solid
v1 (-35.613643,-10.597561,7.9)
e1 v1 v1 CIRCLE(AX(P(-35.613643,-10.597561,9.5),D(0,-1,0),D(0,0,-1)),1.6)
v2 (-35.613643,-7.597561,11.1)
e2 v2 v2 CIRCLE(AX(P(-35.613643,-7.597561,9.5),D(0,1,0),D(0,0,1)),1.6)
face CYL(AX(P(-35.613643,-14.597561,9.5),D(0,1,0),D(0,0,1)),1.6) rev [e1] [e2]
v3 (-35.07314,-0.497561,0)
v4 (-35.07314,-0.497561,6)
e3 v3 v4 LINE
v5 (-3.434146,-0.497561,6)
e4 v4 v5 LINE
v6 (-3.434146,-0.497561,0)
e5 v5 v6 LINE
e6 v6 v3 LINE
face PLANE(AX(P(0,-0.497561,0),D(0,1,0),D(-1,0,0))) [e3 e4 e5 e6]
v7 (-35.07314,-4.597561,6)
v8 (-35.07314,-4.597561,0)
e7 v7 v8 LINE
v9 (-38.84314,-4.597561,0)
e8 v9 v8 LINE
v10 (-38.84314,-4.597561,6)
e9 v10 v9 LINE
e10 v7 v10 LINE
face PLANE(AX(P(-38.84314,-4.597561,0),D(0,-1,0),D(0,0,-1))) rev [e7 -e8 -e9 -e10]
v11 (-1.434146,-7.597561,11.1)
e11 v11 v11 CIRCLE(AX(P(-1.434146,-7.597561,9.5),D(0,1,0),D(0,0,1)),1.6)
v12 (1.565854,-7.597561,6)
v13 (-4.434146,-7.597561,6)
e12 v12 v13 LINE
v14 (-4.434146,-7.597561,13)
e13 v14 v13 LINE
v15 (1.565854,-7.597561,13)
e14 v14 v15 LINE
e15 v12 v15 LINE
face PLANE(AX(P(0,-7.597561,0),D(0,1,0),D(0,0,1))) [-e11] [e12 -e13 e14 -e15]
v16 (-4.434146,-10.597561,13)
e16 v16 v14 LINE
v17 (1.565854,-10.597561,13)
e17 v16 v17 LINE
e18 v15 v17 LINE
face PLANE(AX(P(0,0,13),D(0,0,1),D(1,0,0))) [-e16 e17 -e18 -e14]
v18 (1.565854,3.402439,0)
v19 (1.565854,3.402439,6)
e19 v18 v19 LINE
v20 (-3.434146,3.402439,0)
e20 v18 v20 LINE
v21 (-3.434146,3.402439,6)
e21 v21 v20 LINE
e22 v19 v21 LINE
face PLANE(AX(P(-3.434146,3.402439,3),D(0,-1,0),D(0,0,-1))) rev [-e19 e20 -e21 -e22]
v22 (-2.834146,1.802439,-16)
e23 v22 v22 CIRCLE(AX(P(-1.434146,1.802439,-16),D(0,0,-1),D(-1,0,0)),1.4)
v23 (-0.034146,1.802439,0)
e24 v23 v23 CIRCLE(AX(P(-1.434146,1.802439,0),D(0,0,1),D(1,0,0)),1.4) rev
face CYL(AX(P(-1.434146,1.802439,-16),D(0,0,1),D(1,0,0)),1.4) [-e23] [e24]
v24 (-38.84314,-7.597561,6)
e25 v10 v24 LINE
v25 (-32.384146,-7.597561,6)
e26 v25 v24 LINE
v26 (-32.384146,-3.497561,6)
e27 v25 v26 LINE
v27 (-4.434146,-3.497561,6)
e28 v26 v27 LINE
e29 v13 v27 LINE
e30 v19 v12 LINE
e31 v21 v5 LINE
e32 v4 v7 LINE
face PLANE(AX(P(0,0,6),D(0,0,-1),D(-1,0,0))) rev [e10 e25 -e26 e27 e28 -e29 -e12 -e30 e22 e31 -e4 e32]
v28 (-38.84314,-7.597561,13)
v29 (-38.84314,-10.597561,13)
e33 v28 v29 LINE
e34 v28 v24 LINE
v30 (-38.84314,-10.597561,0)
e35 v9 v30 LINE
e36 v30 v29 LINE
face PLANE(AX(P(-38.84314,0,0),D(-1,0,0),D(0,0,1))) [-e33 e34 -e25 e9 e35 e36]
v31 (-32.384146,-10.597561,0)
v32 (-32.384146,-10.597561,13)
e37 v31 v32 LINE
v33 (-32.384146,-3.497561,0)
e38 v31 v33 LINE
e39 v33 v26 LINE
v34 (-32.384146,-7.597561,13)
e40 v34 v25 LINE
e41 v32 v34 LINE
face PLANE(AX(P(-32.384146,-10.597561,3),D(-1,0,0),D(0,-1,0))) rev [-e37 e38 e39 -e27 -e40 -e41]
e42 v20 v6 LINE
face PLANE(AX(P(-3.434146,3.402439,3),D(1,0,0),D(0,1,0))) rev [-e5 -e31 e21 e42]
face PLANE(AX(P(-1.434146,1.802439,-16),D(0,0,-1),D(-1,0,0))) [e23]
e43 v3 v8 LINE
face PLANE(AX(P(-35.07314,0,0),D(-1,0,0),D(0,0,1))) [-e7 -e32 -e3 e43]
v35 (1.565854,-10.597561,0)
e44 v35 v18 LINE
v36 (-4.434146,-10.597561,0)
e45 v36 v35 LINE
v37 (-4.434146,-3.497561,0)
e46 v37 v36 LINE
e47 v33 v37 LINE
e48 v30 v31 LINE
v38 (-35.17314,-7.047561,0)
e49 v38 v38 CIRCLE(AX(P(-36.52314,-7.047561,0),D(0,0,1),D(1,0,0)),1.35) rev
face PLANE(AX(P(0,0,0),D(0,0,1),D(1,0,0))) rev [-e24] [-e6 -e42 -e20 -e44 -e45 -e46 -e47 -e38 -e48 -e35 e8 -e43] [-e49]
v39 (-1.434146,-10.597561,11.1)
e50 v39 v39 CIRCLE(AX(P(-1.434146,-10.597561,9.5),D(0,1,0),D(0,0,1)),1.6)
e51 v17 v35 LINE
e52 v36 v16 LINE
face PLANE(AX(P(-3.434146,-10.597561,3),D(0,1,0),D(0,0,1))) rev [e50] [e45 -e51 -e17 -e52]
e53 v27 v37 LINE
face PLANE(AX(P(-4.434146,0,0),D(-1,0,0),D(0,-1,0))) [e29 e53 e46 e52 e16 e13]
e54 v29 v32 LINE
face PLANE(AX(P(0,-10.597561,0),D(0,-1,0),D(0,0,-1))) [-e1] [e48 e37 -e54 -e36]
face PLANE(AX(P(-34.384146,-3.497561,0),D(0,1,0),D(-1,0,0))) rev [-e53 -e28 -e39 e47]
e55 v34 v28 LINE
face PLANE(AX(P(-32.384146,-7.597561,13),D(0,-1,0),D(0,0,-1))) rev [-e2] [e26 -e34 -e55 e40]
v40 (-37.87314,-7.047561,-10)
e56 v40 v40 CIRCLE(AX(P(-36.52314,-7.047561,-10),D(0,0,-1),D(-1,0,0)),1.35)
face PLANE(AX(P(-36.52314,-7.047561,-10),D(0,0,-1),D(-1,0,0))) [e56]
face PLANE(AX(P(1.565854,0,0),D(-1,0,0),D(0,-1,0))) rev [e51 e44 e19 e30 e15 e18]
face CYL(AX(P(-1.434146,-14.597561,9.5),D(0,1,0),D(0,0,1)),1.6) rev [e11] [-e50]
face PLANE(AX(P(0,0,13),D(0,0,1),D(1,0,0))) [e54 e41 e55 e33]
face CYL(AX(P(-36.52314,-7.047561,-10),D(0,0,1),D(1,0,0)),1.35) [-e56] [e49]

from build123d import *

# Parameters (mm, degrees)
SKETCH1_W            = 4
SKETCH1_H            = 14
BOSS_EXTRUDE1_DEPTH  = 3
SKETCH2_R            = 1.4
BOSS_EXTRUDE2_DEPTH  = 16
SKETCH3_W            = 4
SKETCH3_H            = 1
BOSS_EXTRUDE4_DEPTH  = 6
SKETCH7_W            = 3
SKETCH7_H            = 2
BOSS_EXTRUDE5_DEPTH  = 30.95
SKETCH8_W            = 3
SKETCH8_H            = 2
BOSS_EXTRUDE6_DEPTH  = 1
SKETCH9_W            = 1
SKETCH9_H            = 2
BOSS_EXTRUDE7_DEPTH  = 3
SKETCH10_W           = 1
SKETCH10_H           = 2
BOSS_EXTRUDE8_DEPTH  = 5.92
SKETCH11_W           = 1
SKETCH11_H           = 2
BOSS_EXTRUDE9_DEPTH  = 4
SKETCH12_W           = 1
SKETCH12_H           = 3
BOSS_EXTRUDE14_DEPTH = 0.93
SKETCH13_W           = 3
SKETCH13_H           = 3
BOSS_EXTRUDE15_DEPTH = 7.1
SKETCH14_W           = 3.33402541
SKETCH14_H           = 13.860919233
CUT_EXTRUDE3_DEPTH   = 10
SKETCH15_W           = 6.20666024
SKETCH15_H           = 3.660501205
CUT_EXTRUDE4_DEPTH   = 10
SKETCH16_W           = 3
SKETCH16_H           = 9.1
BOSS_EXTRUDE16_DEPTH = 0.12
SKETCH18_W           = 3
SKETCH18_H           = 9.1
BOSS_EXTRUDE18_DEPTH = 0.41
SKETCH19_W           = 3
SKETCH19_H           = 9.1
BOSS_EXTRUDE19_DEPTH = 0.89
SKETCH20_W           = 3
SKETCH20_H           = 6
BOSS_EXTRUDE20_DEPTH = 3.77
SKETCH21_R           = 1.35
BOSS_EXTRUDE23_DEPTH = 10
BOSS_EXTRUDE24_DEPTH = 3
SKETCH24_W           = 4
SKETCH24_H           = 1
BOSS_EXTRUDE25_DEPTH = 4
SKETCH25_W           = 4
SKETCH25_H           = 7
BOSS_EXTRUDE26_DEPTH = 2
SKETCH26_W           = 6.458993184
SKETCH26_H           = 3
BOSS_EXTRUDE27_DEPTH = 7
SKETCH27_R           = 1.6
CUT_EXTRUDE5_DEPTH   = 7
SKETCH28_R           = 1.6
CUT_EXTRUDE6_DEPTH   = 7
SKETCH30_W           = 7
SKETCH30_H           = 3
BOSS_EXTRUDE29_DEPTH = 1
SKETCH31_W           = 7
SKETCH31_H           = 3
BOSS_EXTRUDE30_DEPTH = 1
SKETCH32_W           = 6
SKETCH32_H           = 7.1
BOSS_EXTRUDE31_DEPTH = 1
SKETCH33_W           = 31.638993184
SKETCH33_H           = 6
BOSS_EXTRUDE32_DEPTH = 1
SKETCH34_W           = 6
SKETCH34_H           = 14
BOSS_EXTRUDE33_DEPTH = 1


with BuildPart() as part:
    # Sketch1 → Boss-Extrude1 (new body)
    with BuildSketch(Plane.XY):
        with Locations((-1.434146341, -3.597560976)):
            Rectangle(SKETCH1_W, SKETCH1_H)
    extrude(amount=BOSS_EXTRUDE1_DEPTH)

    # Sketch2 → Boss-Extrude2 (add)
    with BuildSketch(Plane(origin=(0, 0, 0), x_dir=(-1, 0, 0), z_dir=(0, 0, -1))):
        with Locations((1.434146341, 1.802439024)):
            Circle(SKETCH2_R)
    extrude(amount=BOSS_EXTRUDE2_DEPTH)

    # Sketch3 → Boss-Extrude4 (add)
    with BuildSketch(Plane.XY.offset(3)):
        with Locations((-1.434146341, -10.097560976)):
            Rectangle(SKETCH3_W, SKETCH3_H)
    extrude(amount=BOSS_EXTRUDE4_DEPTH)

    # Sketch7 → Boss-Extrude5 (add)
    with BuildSketch(Plane.ZY.offset(3.434146341)):
        with Locations((1.5, -2.497560976)):
            Rectangle(SKETCH7_W, SKETCH7_H)
    extrude(amount=BOSS_EXTRUDE5_DEPTH)

    # Sketch8 → Boss-Extrude6 (add)
    with BuildSketch(Plane.ZY.offset(34.384146341)):
        with Locations((1.5, -2.497560976)):
            Rectangle(SKETCH8_W, SKETCH8_H)
    extrude(amount=BOSS_EXTRUDE6_DEPTH)

    # Sketch9 → Boss-Extrude7 (add)
    with BuildSketch(Plane(origin=(0, 0, 0), x_dir=(-1, 0, 0), z_dir=(0, 0, -1))):
        with Locations((34.884146341, -2.497560976)):
            Rectangle(SKETCH9_W, SKETCH9_H)
    extrude(amount=BOSS_EXTRUDE7_DEPTH)

    # Sketch10 → Boss-Extrude8 (add)
    with BuildSketch(Plane(origin=(0, 0, -3), x_dir=(-1, 0, 0), z_dir=(0, 0, -1))):
        with Locations((34.884146341, -2.497560976)):
            Rectangle(SKETCH10_W, SKETCH10_H)
    extrude(amount=BOSS_EXTRUDE8_DEPTH)

    # Sketch11 → Boss-Extrude9 (add)
    with BuildSketch(Plane(origin=(0, 0, -8.92), x_dir=(-1, 0, 0), z_dir=(0, 0, -1))):
        with Locations((34.884146341, -2.497560976)):
            Rectangle(SKETCH11_W, SKETCH11_H)
    extrude(amount=BOSS_EXTRUDE9_DEPTH)

    # Sketch12 → Boss-Extrude14 (add)
    with BuildSketch(Plane.XZ.offset(3.497560976)):
        with Locations((-34.884146341, -9.28)):
            Rectangle(SKETCH12_W, SKETCH12_H)
    extrude(amount=BOSS_EXTRUDE14_DEPTH)

    # Sketch13 → Boss-Extrude15 (add)
    with BuildSketch(Plane.XZ.offset(3.497560976)):
        with Locations((-33.884146341, 1.5)):
            Rectangle(SKETCH13_W, SKETCH13_H)
    extrude(amount=BOSS_EXTRUDE15_DEPTH)

    # Sketch14 → Cut-Extrude3 (cut)
    with BuildSketch(Plane.XY.offset(3)):
        with Locations((-35.32015223, -3.66710136)):
            Rectangle(SKETCH14_W, SKETCH14_H)
    extrude(amount=-CUT_EXTRUDE3_DEPTH, mode=Mode.SUBTRACT)


with BuildPart() as cut_extrude3_piece_1:
    # of the separate pieces the step leaves, piece 1, a body of its own (cut_extrude3_pieces)
    add(part.part.solids().sort_by_distance((-3.434146341, 3.402439024, 0))[0])

    # Sketch16 → Boss-Extrude16 (add)
    with BuildSketch(Plane.ZY.offset(33.653139525)):
        with Locations((1.5, -6.047560976)):
            Rectangle(SKETCH16_W, SKETCH16_H)
    extrude(amount=BOSS_EXTRUDE16_DEPTH)

    # Sketch18 → Boss-Extrude18 (add)
    with BuildSketch(Plane.ZY.offset(33.773139525)):
        with Locations((1.5, -6.047560976)):
            Rectangle(SKETCH18_W, SKETCH18_H)
    extrude(amount=BOSS_EXTRUDE18_DEPTH)

    # Sketch19 → Boss-Extrude19 (add)
    with BuildSketch(Plane.ZY.offset(34.183139525)):
        with Locations((1.5, -6.047560976)):
            Rectangle(SKETCH19_W, SKETCH19_H)
    extrude(amount=BOSS_EXTRUDE19_DEPTH)

    # Sketch20 → Boss-Extrude20 (add)
    with BuildSketch(Plane.ZY.offset(35.073139525)):
        with Locations((1.5, -7.597560976)):
            Rectangle(SKETCH20_W, SKETCH20_H)
    extrude(amount=BOSS_EXTRUDE20_DEPTH)

    # Sketch21 → Boss-Extrude23 (add)
    with BuildSketch(Plane(origin=(0, 0, 0), x_dir=(-1, 0, 0), z_dir=(0, 0, -1))):
        with Locations((36.523139525, -7.047560976)):
            Circle(SKETCH21_R)
    extrude(amount=BOSS_EXTRUDE23_DEPTH)

    # Sketch23 → Boss-Extrude24 (add)
    with BuildSketch(Plane.XY.offset(3)):
        Polygon((-38.843139525, -10.597560976), (-38.843139525, -4.597560976), (-35.073139525, -4.597560976), (-35.073139525, -1.497560976), (-3.434146341, -1.497560976), (-3.434146341, 3.402439024), (0.565853659, 3.402439024), (0.565853659, -9.597560976), (-3.434146341, -9.597560976), (-3.434146341, -3.497560976), (-32.384146341, -3.497560976), (-32.384146341, -10.597560976), align=None)
    extrude(amount=BOSS_EXTRUDE24_DEPTH)

    # Sketch24 → Boss-Extrude25 (add)
    with BuildSketch(Plane.XY.offset(9)):
        with Locations((-1.434146341, -10.097560976)):
            Rectangle(SKETCH24_W, SKETCH24_H)
    extrude(amount=BOSS_EXTRUDE25_DEPTH)

    # Sketch25 → Boss-Extrude26 (add)
    with BuildSketch(Plane(origin=(0, -9.597560976, 0), x_dir=(1, 0, 0), z_dir=(0, 1, 0))):
        with Locations((-1.434146341, -9.5)):
            Rectangle(SKETCH25_W, SKETCH25_H)
    extrude(amount=BOSS_EXTRUDE26_DEPTH)

    # Sketch26 → Boss-Extrude27 (add)
    with BuildSketch(Plane.XY.offset(6)):
        with Locations((-35.613642933, -9.097560976)):
            Rectangle(SKETCH26_W, SKETCH26_H)
    extrude(amount=BOSS_EXTRUDE27_DEPTH)

    # Sketch27 → Cut-Extrude5 (cut)
    with BuildSketch(Plane(origin=(0, -7.597560976, 0), x_dir=(1, 0, 0), z_dir=(0, 1, 0))):
        with Locations((-35.613642933, -9.5)):
            Circle(SKETCH27_R)
    extrude(amount=-CUT_EXTRUDE5_DEPTH, mode=Mode.SUBTRACT)

    # Sketch28 → Cut-Extrude6 (cut)
    with BuildSketch(Plane(origin=(0, -7.597560976, 0), x_dir=(1, 0, 0), z_dir=(0, 1, 0))):
        with Locations((-1.434146341, -9.5)):
            Circle(SKETCH28_R)
    extrude(amount=-CUT_EXTRUDE6_DEPTH, mode=Mode.SUBTRACT)

    # Sketch30 → Boss-Extrude29 (add)
    with BuildSketch(Plane(origin=(0.565853659, 0, 0), x_dir=(0, 0, -1), z_dir=(1, 0, 0))):
        with Locations((-9.5, -9.097560976)):
            Rectangle(SKETCH30_W, SKETCH30_H)
    extrude(amount=BOSS_EXTRUDE29_DEPTH)

    # Sketch31 → Boss-Extrude30 (add)
    with BuildSketch(Plane.ZY.offset(3.434146341)):
        with Locations((9.5, -9.097560976)):
            Rectangle(SKETCH31_W, SKETCH31_H)
    extrude(amount=BOSS_EXTRUDE30_DEPTH)

    # Sketch32 → Boss-Extrude31 (add)
    with BuildSketch(Plane.ZY.offset(3.434146341)):
        with Locations((3, -7.047560976)):
            Rectangle(SKETCH32_W, SKETCH32_H)
    extrude(amount=BOSS_EXTRUDE31_DEPTH)

    # Sketch33 → Boss-Extrude32 (add)
    with BuildSketch(Plane(origin=(0, -1.497560976, 0), x_dir=(1, 0, 0), z_dir=(0, 1, 0))):
        with Locations((-19.253642933, -3)):
            Rectangle(SKETCH33_W, SKETCH33_H)
    extrude(amount=BOSS_EXTRUDE32_DEPTH)

    # Sketch34 → Boss-Extrude33 (add)
    with BuildSketch(Plane(origin=(0.565853659, 0, 0), x_dir=(0, 0, -1), z_dir=(1, 0, 0))):
        with Locations((-3, -3.597560976)):
            Rectangle(SKETCH34_W, SKETCH34_H)
    extrude(amount=BOSS_EXTRUDE33_DEPTH)


with BuildPart() as cut_extrude3_piece_2:
    # of the separate pieces the step leaves, piece 2, a body of its own (cut_extrude3_pieces)
    add(part.part.solids().sort_by_distance((-34.384146341, -1.497560976, -7))[0])

    # Sketch15 → Cut-Extrude4 (cut)
    with BuildSketch(Plane.ZY.offset(35.384146341)):
        with Locations((-9.81666988, -3.327811578)):
            Rectangle(SKETCH15_W, SKETCH15_H)
    extrude(amount=-CUT_EXTRUDE4_DEPTH, mode=Mode.SUBTRACT)


solid = cut_extrude3_piece_1.part
